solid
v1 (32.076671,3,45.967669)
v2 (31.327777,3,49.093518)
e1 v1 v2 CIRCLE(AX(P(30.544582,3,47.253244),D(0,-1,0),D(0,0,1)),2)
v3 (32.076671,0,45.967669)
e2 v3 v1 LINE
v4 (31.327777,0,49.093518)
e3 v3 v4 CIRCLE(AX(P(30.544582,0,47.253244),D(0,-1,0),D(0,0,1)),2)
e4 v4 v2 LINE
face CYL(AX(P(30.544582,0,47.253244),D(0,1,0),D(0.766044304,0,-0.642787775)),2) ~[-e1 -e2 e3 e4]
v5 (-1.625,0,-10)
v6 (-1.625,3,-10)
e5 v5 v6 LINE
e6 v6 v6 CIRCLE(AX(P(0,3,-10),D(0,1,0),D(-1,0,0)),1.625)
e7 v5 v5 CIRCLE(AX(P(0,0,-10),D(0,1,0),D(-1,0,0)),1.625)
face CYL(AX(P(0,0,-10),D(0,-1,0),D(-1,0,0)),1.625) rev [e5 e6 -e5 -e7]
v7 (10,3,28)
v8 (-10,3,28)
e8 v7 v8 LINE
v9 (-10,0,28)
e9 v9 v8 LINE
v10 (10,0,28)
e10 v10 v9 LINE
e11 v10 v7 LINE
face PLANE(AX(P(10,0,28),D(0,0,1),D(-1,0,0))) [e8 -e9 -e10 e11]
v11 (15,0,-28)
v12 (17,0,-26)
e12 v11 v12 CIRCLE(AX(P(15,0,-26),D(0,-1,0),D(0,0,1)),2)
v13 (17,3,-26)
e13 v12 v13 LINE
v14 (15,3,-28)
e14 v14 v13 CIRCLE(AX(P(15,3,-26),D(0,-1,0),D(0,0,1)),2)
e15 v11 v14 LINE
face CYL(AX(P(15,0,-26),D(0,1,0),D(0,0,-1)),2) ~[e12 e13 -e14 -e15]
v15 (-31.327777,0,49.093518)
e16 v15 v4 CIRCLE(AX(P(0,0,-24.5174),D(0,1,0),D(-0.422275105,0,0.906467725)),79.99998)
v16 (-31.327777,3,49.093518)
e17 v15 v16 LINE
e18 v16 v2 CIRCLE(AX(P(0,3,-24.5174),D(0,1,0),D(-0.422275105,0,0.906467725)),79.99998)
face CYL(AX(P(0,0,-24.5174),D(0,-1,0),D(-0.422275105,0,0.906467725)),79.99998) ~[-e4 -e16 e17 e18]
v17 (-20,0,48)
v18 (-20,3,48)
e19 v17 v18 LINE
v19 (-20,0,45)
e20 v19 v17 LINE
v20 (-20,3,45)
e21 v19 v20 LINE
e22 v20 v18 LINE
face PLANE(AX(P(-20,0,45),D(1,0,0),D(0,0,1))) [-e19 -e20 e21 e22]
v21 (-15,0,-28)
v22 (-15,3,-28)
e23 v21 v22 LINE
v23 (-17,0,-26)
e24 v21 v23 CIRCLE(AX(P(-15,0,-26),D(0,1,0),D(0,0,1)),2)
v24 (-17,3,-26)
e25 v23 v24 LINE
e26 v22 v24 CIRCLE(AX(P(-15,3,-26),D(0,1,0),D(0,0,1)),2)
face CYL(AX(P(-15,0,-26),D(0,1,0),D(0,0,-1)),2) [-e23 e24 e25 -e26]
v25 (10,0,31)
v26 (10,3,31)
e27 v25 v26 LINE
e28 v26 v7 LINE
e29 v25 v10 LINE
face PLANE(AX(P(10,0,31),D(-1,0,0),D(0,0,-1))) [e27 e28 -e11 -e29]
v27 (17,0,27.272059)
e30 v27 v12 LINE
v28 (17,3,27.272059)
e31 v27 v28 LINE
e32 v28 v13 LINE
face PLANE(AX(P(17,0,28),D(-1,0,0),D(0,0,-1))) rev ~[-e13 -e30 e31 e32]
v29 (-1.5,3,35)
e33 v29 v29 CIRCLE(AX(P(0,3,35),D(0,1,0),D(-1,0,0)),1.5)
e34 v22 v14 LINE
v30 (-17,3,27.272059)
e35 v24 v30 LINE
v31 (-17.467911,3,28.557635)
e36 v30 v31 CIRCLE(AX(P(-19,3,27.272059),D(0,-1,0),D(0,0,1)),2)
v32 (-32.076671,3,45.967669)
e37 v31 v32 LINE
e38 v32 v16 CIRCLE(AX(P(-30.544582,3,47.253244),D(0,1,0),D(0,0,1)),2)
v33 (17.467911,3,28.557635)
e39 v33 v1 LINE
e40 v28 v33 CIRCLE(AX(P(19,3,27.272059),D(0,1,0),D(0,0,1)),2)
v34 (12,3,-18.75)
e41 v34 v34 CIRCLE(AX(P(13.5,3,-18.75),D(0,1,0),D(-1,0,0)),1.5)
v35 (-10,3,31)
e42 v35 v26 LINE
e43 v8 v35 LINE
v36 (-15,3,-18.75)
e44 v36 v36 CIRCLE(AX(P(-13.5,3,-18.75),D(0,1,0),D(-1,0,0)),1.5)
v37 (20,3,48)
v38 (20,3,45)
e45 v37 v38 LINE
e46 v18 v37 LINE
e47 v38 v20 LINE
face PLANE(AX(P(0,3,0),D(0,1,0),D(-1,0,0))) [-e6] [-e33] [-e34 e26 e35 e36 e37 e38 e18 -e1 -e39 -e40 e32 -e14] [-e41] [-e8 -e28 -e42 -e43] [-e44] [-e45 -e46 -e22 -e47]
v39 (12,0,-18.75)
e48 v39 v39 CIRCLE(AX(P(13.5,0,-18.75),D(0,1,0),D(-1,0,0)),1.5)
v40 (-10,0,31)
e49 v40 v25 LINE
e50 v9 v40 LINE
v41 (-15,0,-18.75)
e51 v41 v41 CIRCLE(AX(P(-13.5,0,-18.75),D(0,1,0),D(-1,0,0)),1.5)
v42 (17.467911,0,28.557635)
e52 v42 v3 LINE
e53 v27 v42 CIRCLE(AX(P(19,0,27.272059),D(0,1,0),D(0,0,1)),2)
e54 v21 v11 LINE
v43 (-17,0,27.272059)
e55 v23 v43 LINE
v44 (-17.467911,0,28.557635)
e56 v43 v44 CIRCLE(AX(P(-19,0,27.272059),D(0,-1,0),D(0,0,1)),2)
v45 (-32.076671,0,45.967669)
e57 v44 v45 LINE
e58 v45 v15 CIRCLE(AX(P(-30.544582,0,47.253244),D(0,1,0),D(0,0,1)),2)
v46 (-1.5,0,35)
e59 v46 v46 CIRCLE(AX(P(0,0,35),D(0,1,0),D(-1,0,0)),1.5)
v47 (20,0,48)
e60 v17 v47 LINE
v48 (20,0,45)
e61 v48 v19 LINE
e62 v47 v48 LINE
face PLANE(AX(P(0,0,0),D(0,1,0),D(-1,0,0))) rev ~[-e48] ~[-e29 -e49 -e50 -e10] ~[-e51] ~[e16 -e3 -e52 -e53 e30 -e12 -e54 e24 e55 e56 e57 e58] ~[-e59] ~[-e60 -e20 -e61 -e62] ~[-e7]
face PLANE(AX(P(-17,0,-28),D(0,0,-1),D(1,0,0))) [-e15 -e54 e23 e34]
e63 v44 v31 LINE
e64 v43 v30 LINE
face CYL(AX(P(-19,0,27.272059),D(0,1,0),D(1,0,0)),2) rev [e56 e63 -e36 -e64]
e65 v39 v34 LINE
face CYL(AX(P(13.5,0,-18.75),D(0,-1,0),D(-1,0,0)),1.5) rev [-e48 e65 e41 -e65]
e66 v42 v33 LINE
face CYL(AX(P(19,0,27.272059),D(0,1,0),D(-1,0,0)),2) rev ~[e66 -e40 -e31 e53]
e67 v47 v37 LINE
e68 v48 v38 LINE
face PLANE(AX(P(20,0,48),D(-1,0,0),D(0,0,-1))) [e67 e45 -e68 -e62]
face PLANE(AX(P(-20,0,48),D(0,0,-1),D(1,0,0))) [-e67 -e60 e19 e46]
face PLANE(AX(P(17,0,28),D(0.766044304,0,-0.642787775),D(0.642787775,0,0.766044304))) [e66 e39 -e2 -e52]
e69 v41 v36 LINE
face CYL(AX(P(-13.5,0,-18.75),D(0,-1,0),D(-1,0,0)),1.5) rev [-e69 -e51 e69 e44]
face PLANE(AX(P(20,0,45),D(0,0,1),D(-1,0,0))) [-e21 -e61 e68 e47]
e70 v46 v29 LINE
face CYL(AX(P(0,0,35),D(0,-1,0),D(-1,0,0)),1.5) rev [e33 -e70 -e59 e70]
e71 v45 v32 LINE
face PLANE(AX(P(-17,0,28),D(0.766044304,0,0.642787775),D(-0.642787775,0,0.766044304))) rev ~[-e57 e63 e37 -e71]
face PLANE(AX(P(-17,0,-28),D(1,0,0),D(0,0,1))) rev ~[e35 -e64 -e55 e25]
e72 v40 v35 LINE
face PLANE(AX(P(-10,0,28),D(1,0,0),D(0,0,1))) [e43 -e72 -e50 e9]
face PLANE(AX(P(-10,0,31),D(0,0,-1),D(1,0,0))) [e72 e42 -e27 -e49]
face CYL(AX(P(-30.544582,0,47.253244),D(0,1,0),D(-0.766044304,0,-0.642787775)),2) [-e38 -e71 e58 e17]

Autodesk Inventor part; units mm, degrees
ref_plane "YZ Plane" through (0, 0, 0) normal (1, 0, 0) x (0, 1, 0)
ref_plane "XZ Plane" through (0, 0, 0) normal (0, 1, 0) x (-1, 0, 0)
ref_plane "XY Plane" through (0, 0, 0) normal (0, 0, 1) x (1, 0, 0)
sketch "Sketch1" plane through (0, 0, 0) normal (0, 1, 0) x (-1, 0, 0)
  line L0 (46, 0) -> (-35, 0) construction
  line L1 (0, 54.3949) -> (0, -60) construction
  line L2 (17, -28) -> (17, 28)
  circle A0 centre (13.5, -18.75) radius 1.5
  line L3 (-17, 28) -> (-17, -28)
  line L4 (17, -28) -> (-17, -28)
  line L5 (17, 28) -> (33.782, 48)
  line L6 (17, 28) -> (43.1081, 28) construction
  line L7 (-17, 28) -> (-33.782, 48)
  arc A1 (33.782, 48) -> (-33.782, 48) centre (0, -24.5174) ccw
  line L8 (20, 48) -> (-20, 48)
  line L9 (-20, 48) -> (-20, 45)
  line L10 (-20, 45) -> (20, 45)
  line L11 (20, 45) -> (20, 48)
  circle A2 centre (0, 35) radius 1.5
  circle A3 centre (-13.5, -18.75) radius 1.5
  circle A4 centre (0, -10) radius 1.625
  line L12 (10, 31) -> (-10, 31)
  line L13 (-10, 31) -> (-10, 28)
  line L14 (-10, 28) -> (10, 28)
  line L15 (10, 28) -> (10, 31)
  point P0 (0, 0)
  dimension "d16" = 3
  dimension "d35" = 50
  dimension "d36" = 20
  dimension "d37" = 56
  dimension "d38" = 80
  dimension "d39" = 40
  dimension "d41" = 3
  dimension "d43" = 9.25
  dimension "d44" = 3
  dimension "d45" = 10
  dimension "d49" = 45
  dimension "d50" = 34
  dimension "d51" = 28
  dimension "d52" = 13.5
  dimension "d53" = 3.25
  dimension "d54" = 18
  dimension "d58" = 20
  dimension "d59" = 28
  dimension "d60" = 3
extrude "Extrusion3" add sketch "Sketch1" along normal blind 3 contours L4 L3 L7 A1 L5 L2 | L15 L14 L13 L12
fillet "Fillet3" radius 2 6 edges at (-33.782, 1.5, 48) (-17, 1.5, 28) (33.782, 1.5, 48) (17, 1.5, 28) (-17, 1.5, -28) (17, 1.5, -28)
extrude "Extrusion4" cut sketch "Sketch1" along normal blind 3 contours L15 L14 L13 L12
properties part number "bracket_camera_bottom"
